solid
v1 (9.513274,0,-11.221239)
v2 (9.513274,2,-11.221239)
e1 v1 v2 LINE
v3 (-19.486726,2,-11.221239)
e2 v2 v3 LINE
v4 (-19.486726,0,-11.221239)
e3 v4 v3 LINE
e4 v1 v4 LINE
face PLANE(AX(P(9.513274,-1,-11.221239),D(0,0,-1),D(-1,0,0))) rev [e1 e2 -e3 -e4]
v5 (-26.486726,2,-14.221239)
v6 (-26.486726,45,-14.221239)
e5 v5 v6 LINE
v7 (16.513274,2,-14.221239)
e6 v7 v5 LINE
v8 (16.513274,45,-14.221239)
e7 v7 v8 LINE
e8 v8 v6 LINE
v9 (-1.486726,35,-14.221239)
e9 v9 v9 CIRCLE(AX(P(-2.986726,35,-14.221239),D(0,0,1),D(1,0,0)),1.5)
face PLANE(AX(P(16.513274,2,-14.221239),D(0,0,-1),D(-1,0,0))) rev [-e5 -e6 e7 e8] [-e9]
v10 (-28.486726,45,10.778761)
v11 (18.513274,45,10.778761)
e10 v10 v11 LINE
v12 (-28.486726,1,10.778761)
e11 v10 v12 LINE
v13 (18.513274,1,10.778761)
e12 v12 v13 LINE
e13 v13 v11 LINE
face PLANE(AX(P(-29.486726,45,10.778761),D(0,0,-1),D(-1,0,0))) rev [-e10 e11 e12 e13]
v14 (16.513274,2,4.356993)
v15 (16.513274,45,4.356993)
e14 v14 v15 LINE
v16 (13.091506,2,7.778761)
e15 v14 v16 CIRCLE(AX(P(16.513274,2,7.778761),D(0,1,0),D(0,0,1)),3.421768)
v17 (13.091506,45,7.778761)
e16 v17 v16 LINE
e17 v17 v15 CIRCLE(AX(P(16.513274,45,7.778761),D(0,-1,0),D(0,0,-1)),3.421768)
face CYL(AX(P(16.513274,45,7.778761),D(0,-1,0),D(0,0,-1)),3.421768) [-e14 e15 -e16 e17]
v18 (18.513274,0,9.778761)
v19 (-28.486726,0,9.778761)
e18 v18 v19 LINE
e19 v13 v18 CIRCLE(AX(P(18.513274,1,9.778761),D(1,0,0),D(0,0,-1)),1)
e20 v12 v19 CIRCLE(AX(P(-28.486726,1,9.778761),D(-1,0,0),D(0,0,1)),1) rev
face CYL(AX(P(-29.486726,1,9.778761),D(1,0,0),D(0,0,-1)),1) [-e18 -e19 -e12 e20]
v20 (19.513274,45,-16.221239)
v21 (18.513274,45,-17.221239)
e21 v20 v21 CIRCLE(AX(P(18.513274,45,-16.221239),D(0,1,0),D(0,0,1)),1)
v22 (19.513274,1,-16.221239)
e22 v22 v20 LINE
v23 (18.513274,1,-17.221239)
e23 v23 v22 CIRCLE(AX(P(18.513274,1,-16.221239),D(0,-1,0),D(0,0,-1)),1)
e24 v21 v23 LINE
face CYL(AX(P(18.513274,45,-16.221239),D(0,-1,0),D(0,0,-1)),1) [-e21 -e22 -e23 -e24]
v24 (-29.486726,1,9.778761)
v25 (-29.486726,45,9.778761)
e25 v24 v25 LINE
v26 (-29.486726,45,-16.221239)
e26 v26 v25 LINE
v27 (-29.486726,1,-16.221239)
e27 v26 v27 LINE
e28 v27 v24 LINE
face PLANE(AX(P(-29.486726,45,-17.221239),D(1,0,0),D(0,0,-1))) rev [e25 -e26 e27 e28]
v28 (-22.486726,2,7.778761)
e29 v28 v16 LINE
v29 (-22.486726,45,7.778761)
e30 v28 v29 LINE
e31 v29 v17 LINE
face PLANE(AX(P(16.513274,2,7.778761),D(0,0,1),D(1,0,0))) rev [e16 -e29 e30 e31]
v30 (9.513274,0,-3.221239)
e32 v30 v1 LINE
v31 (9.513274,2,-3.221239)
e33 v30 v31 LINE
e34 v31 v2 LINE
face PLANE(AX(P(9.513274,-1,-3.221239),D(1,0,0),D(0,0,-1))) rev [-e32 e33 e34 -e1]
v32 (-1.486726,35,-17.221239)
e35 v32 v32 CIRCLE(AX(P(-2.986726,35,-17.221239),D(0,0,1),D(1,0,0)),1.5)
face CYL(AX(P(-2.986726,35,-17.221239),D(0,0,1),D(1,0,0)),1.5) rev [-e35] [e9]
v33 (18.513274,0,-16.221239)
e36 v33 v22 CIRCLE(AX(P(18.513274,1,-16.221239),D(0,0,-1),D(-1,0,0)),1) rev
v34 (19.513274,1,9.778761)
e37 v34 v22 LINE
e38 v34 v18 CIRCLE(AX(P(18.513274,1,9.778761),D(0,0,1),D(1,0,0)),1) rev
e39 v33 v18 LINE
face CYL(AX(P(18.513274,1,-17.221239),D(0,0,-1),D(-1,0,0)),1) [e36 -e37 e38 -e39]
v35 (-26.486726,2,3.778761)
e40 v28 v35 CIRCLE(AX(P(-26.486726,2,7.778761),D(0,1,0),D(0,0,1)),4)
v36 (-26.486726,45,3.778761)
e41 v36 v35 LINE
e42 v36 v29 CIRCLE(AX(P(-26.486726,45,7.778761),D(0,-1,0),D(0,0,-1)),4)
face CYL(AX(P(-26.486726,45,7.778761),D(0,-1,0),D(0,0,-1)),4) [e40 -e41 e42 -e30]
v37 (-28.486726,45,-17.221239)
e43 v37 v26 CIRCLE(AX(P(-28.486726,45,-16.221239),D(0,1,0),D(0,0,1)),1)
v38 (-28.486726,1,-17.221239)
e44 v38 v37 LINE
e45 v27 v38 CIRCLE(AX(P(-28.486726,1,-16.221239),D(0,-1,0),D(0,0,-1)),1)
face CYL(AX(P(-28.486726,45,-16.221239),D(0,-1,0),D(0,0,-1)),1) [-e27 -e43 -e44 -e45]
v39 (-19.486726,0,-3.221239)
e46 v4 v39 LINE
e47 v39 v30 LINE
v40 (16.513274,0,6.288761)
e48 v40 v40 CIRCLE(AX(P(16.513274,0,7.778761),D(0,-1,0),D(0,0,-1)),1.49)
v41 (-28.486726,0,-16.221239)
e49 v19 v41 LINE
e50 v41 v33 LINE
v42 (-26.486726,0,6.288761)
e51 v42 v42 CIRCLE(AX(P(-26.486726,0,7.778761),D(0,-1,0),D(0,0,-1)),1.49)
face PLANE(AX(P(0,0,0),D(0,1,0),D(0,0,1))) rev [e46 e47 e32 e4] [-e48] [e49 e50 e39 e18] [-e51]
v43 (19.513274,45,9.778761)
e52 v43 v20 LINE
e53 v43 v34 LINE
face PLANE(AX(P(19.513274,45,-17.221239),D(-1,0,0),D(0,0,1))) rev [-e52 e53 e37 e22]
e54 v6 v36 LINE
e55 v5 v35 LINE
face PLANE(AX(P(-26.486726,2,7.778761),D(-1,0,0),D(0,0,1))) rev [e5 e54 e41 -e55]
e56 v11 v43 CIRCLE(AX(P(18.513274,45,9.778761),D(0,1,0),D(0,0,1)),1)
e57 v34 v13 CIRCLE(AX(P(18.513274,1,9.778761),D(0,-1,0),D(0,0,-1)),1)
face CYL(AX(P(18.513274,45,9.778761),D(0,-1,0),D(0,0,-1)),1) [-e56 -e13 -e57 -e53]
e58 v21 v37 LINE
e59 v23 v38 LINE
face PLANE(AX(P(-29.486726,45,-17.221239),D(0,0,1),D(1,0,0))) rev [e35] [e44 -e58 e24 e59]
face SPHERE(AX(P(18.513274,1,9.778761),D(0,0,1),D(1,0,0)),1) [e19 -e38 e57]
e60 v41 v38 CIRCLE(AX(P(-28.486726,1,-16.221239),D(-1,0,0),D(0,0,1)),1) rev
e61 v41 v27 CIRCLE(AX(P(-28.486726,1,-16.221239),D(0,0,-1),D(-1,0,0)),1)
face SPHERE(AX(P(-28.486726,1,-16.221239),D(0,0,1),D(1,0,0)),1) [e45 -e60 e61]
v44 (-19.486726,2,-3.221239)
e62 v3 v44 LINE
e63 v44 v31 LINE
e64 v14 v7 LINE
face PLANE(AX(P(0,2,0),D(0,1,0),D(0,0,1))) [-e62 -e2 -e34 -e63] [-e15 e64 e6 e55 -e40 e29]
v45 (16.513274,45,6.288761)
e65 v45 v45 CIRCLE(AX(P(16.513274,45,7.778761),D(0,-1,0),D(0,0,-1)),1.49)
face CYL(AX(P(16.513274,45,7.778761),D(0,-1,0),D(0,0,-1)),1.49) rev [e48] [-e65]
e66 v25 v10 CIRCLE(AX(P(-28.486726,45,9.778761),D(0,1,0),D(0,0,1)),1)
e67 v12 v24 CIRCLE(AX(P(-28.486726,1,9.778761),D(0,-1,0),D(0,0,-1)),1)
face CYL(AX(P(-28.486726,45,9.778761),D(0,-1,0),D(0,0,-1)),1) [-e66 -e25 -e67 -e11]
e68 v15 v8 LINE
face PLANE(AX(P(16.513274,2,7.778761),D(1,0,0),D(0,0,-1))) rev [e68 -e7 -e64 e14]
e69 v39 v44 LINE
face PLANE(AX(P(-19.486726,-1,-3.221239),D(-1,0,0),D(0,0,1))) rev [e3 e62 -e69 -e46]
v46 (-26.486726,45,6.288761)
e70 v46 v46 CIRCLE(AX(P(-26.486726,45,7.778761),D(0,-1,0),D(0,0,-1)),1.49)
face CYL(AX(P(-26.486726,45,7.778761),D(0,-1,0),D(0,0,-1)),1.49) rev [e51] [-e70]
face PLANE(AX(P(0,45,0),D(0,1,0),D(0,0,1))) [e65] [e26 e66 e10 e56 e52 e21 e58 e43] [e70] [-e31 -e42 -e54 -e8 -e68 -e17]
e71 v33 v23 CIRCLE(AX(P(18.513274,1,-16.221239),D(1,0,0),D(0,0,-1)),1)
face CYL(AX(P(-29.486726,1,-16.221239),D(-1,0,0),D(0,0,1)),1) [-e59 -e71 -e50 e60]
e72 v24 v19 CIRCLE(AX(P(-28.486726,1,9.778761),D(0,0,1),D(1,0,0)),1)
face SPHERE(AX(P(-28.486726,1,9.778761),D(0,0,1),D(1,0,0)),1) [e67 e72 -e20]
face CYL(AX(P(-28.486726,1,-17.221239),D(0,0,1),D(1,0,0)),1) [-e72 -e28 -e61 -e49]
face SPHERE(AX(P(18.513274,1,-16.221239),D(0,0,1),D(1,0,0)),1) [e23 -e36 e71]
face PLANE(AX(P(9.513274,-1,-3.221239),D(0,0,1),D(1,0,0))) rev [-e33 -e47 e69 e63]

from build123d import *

# Parameters (mm, degrees)
SKETCH1_W           = 49
SKETCH1_H           = 28
BOSS_EXTRUDE1_DEPTH = 45
SKETCH2_W           = 43
SKETCH2_H           = 22
CUT_EXTRUDE1_DEPTH  = 43
SKETCH3_W           = 29
SKETCH3_H           = 8
CUT_EXTRUDE2_DEPTH  = 3
SKETCH4_R           = 1.5
CUT_EXTRUDE3_DEPTH  = 3
BOSS_EXTRUDE2_DEPTH = 45
SKETCH6_R           = 1.49
CUT_EXTRUDE4_DEPTH  = 45
BOSS_EXTRUDE3_DEPTH = 45
SKETCH8_R           = 1.49
CUT_EXTRUDE5_DEPTH  = 45
FILLET2_R           = 1


with BuildPart() as part:
    # Sketch1 → Boss-Extrude1 (new body)
    with BuildSketch(Plane(origin=(0, 0, 0), x_dir=(1, 0, 0), z_dir=(0, 1, 0))):
        with Locations((-4.986725664, 3.221238938)):
            Rectangle(SKETCH1_W, SKETCH1_H)
    extrude(amount=BOSS_EXTRUDE1_DEPTH)

    # Sketch2 → Cut-Extrude1 (cut)
    with BuildSketch(Plane(origin=(0, 45, 0), x_dir=(1, 0, 0), z_dir=(0, 1, 0))):
        with Locations((-4.986725664, 3.221238938)):
            Rectangle(SKETCH2_W, SKETCH2_H)
    extrude(amount=-CUT_EXTRUDE1_DEPTH, mode=Mode.SUBTRACT)

    # Sketch3 → Cut-Extrude2 (cut)
    with BuildSketch(Plane(origin=(0, 2, 0), x_dir=(1, 0, 0), z_dir=(0, 1, 0))):
        with Locations((-4.986725664, 7.221238938)):
            Rectangle(SKETCH3_W, SKETCH3_H)
    extrude(amount=-CUT_EXTRUDE2_DEPTH, mode=Mode.SUBTRACT)

    # Sketch4 → Cut-Extrude3 (cut)
    with BuildSketch(Plane.XY.offset(-14.221238938)):
        with Locations((-2.986725664, 35)):
            Circle(SKETCH4_R)
    extrude(amount=-CUT_EXTRUDE3_DEPTH, mode=Mode.SUBTRACT)

    # Sketch5 → Boss-Extrude2 (add)
    with BuildSketch(Plane.XZ):
        with BuildLine():
            Line((14.867523025, 10.778761062), (19.513274336, 10.778761062))
            Line((19.513274336, 10.778761062), (19.513274336, 6.133009751))
            ThreePointArc((19.513274336, 6.133009751), (14.093718863, 5.359205589), (14.867523025, 10.778761062))
        make_face()
    extrude(amount=-BOSS_EXTRUDE2_DEPTH)

    # Sketch6 → Cut-Extrude4 (cut)
    with BuildSketch(Plane.XZ):
        with Locations((16.513274336, 7.778761062)):
            Circle(SKETCH6_R)
    extrude(amount=-CUT_EXTRUDE4_DEPTH, mode=Mode.SUBTRACT)

    # Sketch7 → Boss-Extrude3 (add)
    with BuildSketch(Plane.XZ):
        with BuildLine():
            Line((-29.486725664, 5.133009751), (-29.486725664, 10.778761062))
            Line((-29.486725664, 10.778761062), (-23.840974353, 10.778761062))
            ThreePointArc((-23.840974353, 10.778761062), (-23.658298539, 4.950333937), (-29.486725664, 5.133009751))
        make_face()
    extrude(amount=-BOSS_EXTRUDE3_DEPTH)

    # Sketch8 → Cut-Extrude5 (cut)
    with BuildSketch(Plane.XZ):
        with Locations((-26.486725664, 7.778761062)):
            Circle(SKETCH8_R)
    extrude(amount=-CUT_EXTRUDE5_DEPTH, mode=Mode.SUBTRACT)

    # Fillet2
    fillet2_edges = [part.edges().sort_by_distance(p)[0] for p in [
        (-4.986725664, 0, -17.221238938),
        (19.513274336, 0, -3.221238938),
        (-4.986725664, 0, 10.778761062),
        (-29.486725664, 0, -3.221238938),
        (-29.486725664, 22.5, -17.221238938),
        (19.513274336, 22.5, -17.221238938),
        (19.513274336, 22.5, 10.778761062),
        (-29.486725664, 22.5, 10.778761062),
    ]]
    fillet(fillet2_edges, radius=FILLET2_R)


solid = part.part
